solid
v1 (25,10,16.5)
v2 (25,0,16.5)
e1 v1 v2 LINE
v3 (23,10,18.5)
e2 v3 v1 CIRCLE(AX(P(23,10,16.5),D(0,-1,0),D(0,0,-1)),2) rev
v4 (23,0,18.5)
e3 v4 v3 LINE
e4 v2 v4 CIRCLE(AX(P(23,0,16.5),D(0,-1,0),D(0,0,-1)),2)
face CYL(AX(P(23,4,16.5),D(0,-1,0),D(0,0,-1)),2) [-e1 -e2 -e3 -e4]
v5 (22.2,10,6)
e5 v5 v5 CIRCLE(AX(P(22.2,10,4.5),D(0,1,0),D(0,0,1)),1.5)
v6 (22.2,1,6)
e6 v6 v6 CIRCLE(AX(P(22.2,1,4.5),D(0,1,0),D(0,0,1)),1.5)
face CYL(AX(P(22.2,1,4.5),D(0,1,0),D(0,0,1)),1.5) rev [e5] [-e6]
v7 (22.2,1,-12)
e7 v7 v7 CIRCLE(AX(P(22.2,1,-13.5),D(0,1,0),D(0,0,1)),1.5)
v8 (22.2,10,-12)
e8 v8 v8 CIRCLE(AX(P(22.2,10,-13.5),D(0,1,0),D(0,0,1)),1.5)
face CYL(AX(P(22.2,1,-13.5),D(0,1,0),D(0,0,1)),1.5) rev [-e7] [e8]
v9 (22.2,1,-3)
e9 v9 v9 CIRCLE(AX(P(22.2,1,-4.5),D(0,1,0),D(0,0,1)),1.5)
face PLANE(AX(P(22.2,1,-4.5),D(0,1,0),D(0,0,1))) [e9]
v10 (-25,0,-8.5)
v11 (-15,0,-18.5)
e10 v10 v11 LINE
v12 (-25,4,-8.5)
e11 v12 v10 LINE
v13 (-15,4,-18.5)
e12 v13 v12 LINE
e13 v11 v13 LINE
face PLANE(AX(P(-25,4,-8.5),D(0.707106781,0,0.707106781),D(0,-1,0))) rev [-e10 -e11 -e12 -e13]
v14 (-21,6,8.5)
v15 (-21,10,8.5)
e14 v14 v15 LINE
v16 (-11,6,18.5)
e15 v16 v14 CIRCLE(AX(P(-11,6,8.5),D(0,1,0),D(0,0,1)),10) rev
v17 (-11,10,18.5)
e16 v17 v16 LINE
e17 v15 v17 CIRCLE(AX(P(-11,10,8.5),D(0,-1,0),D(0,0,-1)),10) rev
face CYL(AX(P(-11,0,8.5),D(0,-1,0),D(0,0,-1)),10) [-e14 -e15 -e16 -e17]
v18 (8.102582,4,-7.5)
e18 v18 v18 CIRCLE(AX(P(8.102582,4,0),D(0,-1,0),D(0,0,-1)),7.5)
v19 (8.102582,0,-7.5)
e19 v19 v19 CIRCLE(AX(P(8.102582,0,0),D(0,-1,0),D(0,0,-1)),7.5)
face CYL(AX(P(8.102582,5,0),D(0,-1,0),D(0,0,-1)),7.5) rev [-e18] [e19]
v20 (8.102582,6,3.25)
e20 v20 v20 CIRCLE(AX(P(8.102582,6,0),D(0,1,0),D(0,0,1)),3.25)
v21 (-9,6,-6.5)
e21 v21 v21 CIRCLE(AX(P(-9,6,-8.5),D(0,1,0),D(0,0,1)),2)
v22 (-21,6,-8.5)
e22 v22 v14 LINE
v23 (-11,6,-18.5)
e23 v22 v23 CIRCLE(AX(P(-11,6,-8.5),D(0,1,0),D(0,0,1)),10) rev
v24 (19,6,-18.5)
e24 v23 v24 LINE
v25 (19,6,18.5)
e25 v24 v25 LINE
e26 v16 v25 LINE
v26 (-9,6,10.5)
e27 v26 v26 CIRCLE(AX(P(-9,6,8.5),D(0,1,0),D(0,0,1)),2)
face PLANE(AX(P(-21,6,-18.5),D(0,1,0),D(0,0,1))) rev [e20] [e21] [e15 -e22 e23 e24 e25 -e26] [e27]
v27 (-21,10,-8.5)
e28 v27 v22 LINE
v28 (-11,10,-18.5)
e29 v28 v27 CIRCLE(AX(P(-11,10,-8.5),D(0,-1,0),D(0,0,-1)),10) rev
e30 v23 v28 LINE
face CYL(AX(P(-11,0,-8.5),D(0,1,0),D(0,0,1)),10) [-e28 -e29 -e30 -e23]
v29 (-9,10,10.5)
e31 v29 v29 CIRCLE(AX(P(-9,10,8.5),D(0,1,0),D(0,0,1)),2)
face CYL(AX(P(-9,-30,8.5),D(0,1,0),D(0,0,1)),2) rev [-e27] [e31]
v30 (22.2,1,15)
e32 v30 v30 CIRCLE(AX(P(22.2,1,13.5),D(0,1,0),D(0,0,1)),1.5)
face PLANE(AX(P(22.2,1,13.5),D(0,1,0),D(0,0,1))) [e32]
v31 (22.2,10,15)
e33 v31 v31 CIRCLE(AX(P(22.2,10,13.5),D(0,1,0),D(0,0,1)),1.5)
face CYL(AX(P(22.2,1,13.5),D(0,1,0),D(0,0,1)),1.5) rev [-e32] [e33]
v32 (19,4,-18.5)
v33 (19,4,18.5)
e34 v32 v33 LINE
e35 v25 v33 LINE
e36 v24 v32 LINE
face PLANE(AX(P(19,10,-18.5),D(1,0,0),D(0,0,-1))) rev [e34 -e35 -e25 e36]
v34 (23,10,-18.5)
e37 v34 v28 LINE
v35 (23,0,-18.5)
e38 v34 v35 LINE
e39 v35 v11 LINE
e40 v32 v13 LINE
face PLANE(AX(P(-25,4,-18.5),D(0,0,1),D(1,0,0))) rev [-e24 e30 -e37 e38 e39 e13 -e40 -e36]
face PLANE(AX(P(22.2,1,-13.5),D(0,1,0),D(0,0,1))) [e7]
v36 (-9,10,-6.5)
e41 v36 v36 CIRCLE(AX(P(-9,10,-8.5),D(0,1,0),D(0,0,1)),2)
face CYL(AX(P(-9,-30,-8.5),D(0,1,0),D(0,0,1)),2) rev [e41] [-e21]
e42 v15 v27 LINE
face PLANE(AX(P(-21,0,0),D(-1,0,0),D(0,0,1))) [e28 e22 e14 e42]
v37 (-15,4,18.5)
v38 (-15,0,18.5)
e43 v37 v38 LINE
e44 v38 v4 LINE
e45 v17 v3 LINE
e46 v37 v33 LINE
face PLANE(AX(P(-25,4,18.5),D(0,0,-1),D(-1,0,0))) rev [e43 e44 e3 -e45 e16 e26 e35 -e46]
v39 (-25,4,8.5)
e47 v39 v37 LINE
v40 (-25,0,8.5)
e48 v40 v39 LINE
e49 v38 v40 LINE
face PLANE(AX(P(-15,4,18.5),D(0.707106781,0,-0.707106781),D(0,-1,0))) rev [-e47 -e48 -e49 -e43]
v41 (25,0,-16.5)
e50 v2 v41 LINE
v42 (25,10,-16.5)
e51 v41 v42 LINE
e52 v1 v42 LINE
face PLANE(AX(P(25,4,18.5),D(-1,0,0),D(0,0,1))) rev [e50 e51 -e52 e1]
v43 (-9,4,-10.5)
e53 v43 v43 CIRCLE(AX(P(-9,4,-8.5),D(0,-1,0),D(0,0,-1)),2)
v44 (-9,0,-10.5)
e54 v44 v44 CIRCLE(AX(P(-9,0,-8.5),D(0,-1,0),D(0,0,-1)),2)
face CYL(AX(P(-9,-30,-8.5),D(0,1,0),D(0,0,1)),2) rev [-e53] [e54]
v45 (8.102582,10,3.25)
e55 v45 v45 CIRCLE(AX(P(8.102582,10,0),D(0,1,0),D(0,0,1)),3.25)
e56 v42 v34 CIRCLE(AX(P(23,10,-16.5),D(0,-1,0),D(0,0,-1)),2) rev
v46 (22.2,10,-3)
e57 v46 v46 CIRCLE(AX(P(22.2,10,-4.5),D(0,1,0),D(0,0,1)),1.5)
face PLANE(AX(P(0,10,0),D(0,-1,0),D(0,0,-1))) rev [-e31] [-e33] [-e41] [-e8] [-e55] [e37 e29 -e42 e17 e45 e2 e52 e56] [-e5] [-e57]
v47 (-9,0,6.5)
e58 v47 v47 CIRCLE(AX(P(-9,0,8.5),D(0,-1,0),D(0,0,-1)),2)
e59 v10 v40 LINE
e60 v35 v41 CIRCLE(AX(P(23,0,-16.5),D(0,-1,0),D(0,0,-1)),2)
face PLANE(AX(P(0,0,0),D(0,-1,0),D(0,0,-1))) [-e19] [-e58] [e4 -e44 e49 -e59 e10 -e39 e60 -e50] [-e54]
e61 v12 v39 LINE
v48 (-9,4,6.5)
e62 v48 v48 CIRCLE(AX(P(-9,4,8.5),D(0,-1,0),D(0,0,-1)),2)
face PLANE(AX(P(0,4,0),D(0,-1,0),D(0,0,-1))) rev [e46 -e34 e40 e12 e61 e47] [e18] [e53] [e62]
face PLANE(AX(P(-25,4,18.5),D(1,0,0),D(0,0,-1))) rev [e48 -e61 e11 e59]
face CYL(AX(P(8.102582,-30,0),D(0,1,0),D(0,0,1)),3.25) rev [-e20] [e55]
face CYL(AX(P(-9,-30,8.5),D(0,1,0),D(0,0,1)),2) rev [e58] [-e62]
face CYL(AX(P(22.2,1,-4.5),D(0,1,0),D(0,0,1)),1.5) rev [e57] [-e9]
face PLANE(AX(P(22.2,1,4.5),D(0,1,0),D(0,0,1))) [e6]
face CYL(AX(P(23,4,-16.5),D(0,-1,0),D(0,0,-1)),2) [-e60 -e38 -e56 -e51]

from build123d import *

# Parameters (mm, degrees)
SKETCH1_W           = 50
SKETCH1_H           = 37
BOSS_EXTRUDE1_DEPTH = 4
CHAMFER1_SIZE       = 10
SKETCH2_W           = 6
SKETCH2_H           = 37
BOSS_EXTRUDE2_DEPTH = 6
SKETCH3_W           = 37
SKETCH3_H           = 4
BOSS_EXTRUDE3_DEPTH = 40
FILLET1_R           = 10
SKETCH4_R           = 2
CUT_EXTRUDE1_DEPTH  = 40
SKETCH5_R           = 3.25
CUT_EXTRUDE2_DEPTH  = 40
SKETCH6_R           = 7.5
CUT_EXTRUDE3_DEPTH  = 5
SKETCH7_R           = 1.5
CUT_EXTRUDE4_DEPTH  = 9
FILLET2_R           = 2


with BuildPart() as part:
    # Sketch1 → Boss-Extrude1 (new body)
    with BuildSketch(Plane(origin=(0, 0, 0), x_dir=(1, 0, 0), z_dir=(0, 1, 0))):
        Rectangle(SKETCH1_W, SKETCH1_H)
    extrude(amount=BOSS_EXTRUDE1_DEPTH)

    # Chamfer1
    chamfer1_edges = [part.edges().sort_by_distance(p)[0] for p in [
        (-25, 2, 18.5),
        (-25, 2, -18.5),
    ]]
    chamfer(chamfer1_edges, length=CHAMFER1_SIZE)

    # Sketch2 → Boss-Extrude2 (add)
    with BuildSketch(Plane(origin=(0, 4, 0), x_dir=(1, 0, 0), z_dir=(0, 1, 0))):
        with Locations((22, 0)):
            Rectangle(SKETCH2_W, SKETCH2_H)
    extrude(amount=BOSS_EXTRUDE2_DEPTH)

    # Sketch3 → Boss-Extrude3 (add)
    with BuildSketch(Plane.ZY.offset(-19)):
        with Locations((0, 8)):
            Rectangle(SKETCH3_W, SKETCH3_H)
    extrude(amount=BOSS_EXTRUDE3_DEPTH)

    # Fillet1
    fillet1_edges = [part.edges().sort_by_distance(p)[0] for p in [
        (-21, 8, -18.5),
        (-21, 8, 18.5),
    ]]
    fillet(fillet1_edges, radius=FILLET1_R)

    # Sketch4 → Cut-Extrude1 (cut)
    with BuildSketch(Plane(origin=(0, 10, 0), x_dir=(1, 0, 0), z_dir=(0, 1, 0))):
        with Locations(Location((-9, -8.5, 0), (0, 0, 270))):
            Circle(SKETCH4_R)
        with Locations(Location((-9, 8.5, 0), (0, 0, 270))):
            Circle(SKETCH4_R)
    extrude(amount=-CUT_EXTRUDE1_DEPTH, mode=Mode.SUBTRACT)

    # Sketch5 → Cut-Extrude2 (cut)
    with BuildSketch(Plane(origin=(0, 10, 0), x_dir=(1, 0, 0), z_dir=(0, 1, 0))):
        with Locations(Location((8.102581703, 0, 0), (0, 0, 270))):
            Circle(SKETCH5_R)
    extrude(amount=-CUT_EXTRUDE2_DEPTH, mode=Mode.SUBTRACT)

    # Sketch6 → Cut-Extrude3 (cut)
    with BuildSketch(Plane.XZ):
        with Locations(Location((8.102581703, 0, 0), (0, 0, 270))):
            Circle(SKETCH6_R)
    extrude(amount=-CUT_EXTRUDE3_DEPTH, mode=Mode.SUBTRACT)

    # Sketch7 → Cut-Extrude4 (cut)
    with BuildSketch(Plane(origin=(0, 10, 0), x_dir=(1, 0, 0), z_dir=(0, 1, 0))):
        with Locations(Location((22.2, 13.5, 0), (0, 0, 270))):
            Circle(SKETCH7_R)
        with Locations(Location((22.2, 4.5, 0), (0, 0, 270))):
            Circle(SKETCH7_R)
        with Locations(Location((22.2, -4.5, 0), (0, 0, 270))):
            Circle(SKETCH7_R)
        with Locations(Location((22.2, -13.5, 0), (0, 0, 270))):
            Circle(SKETCH7_R)
    extrude(amount=-CUT_EXTRUDE4_DEPTH, mode=Mode.SUBTRACT)

    # Fillet2
    fillet2_edges = [part.edges().sort_by_distance(p)[0] for p in [
        (25, 5, 18.5),
        (25, 5, -18.5),
    ]]
    fillet(fillet2_edges, radius=FILLET2_R)


solid = part.part
